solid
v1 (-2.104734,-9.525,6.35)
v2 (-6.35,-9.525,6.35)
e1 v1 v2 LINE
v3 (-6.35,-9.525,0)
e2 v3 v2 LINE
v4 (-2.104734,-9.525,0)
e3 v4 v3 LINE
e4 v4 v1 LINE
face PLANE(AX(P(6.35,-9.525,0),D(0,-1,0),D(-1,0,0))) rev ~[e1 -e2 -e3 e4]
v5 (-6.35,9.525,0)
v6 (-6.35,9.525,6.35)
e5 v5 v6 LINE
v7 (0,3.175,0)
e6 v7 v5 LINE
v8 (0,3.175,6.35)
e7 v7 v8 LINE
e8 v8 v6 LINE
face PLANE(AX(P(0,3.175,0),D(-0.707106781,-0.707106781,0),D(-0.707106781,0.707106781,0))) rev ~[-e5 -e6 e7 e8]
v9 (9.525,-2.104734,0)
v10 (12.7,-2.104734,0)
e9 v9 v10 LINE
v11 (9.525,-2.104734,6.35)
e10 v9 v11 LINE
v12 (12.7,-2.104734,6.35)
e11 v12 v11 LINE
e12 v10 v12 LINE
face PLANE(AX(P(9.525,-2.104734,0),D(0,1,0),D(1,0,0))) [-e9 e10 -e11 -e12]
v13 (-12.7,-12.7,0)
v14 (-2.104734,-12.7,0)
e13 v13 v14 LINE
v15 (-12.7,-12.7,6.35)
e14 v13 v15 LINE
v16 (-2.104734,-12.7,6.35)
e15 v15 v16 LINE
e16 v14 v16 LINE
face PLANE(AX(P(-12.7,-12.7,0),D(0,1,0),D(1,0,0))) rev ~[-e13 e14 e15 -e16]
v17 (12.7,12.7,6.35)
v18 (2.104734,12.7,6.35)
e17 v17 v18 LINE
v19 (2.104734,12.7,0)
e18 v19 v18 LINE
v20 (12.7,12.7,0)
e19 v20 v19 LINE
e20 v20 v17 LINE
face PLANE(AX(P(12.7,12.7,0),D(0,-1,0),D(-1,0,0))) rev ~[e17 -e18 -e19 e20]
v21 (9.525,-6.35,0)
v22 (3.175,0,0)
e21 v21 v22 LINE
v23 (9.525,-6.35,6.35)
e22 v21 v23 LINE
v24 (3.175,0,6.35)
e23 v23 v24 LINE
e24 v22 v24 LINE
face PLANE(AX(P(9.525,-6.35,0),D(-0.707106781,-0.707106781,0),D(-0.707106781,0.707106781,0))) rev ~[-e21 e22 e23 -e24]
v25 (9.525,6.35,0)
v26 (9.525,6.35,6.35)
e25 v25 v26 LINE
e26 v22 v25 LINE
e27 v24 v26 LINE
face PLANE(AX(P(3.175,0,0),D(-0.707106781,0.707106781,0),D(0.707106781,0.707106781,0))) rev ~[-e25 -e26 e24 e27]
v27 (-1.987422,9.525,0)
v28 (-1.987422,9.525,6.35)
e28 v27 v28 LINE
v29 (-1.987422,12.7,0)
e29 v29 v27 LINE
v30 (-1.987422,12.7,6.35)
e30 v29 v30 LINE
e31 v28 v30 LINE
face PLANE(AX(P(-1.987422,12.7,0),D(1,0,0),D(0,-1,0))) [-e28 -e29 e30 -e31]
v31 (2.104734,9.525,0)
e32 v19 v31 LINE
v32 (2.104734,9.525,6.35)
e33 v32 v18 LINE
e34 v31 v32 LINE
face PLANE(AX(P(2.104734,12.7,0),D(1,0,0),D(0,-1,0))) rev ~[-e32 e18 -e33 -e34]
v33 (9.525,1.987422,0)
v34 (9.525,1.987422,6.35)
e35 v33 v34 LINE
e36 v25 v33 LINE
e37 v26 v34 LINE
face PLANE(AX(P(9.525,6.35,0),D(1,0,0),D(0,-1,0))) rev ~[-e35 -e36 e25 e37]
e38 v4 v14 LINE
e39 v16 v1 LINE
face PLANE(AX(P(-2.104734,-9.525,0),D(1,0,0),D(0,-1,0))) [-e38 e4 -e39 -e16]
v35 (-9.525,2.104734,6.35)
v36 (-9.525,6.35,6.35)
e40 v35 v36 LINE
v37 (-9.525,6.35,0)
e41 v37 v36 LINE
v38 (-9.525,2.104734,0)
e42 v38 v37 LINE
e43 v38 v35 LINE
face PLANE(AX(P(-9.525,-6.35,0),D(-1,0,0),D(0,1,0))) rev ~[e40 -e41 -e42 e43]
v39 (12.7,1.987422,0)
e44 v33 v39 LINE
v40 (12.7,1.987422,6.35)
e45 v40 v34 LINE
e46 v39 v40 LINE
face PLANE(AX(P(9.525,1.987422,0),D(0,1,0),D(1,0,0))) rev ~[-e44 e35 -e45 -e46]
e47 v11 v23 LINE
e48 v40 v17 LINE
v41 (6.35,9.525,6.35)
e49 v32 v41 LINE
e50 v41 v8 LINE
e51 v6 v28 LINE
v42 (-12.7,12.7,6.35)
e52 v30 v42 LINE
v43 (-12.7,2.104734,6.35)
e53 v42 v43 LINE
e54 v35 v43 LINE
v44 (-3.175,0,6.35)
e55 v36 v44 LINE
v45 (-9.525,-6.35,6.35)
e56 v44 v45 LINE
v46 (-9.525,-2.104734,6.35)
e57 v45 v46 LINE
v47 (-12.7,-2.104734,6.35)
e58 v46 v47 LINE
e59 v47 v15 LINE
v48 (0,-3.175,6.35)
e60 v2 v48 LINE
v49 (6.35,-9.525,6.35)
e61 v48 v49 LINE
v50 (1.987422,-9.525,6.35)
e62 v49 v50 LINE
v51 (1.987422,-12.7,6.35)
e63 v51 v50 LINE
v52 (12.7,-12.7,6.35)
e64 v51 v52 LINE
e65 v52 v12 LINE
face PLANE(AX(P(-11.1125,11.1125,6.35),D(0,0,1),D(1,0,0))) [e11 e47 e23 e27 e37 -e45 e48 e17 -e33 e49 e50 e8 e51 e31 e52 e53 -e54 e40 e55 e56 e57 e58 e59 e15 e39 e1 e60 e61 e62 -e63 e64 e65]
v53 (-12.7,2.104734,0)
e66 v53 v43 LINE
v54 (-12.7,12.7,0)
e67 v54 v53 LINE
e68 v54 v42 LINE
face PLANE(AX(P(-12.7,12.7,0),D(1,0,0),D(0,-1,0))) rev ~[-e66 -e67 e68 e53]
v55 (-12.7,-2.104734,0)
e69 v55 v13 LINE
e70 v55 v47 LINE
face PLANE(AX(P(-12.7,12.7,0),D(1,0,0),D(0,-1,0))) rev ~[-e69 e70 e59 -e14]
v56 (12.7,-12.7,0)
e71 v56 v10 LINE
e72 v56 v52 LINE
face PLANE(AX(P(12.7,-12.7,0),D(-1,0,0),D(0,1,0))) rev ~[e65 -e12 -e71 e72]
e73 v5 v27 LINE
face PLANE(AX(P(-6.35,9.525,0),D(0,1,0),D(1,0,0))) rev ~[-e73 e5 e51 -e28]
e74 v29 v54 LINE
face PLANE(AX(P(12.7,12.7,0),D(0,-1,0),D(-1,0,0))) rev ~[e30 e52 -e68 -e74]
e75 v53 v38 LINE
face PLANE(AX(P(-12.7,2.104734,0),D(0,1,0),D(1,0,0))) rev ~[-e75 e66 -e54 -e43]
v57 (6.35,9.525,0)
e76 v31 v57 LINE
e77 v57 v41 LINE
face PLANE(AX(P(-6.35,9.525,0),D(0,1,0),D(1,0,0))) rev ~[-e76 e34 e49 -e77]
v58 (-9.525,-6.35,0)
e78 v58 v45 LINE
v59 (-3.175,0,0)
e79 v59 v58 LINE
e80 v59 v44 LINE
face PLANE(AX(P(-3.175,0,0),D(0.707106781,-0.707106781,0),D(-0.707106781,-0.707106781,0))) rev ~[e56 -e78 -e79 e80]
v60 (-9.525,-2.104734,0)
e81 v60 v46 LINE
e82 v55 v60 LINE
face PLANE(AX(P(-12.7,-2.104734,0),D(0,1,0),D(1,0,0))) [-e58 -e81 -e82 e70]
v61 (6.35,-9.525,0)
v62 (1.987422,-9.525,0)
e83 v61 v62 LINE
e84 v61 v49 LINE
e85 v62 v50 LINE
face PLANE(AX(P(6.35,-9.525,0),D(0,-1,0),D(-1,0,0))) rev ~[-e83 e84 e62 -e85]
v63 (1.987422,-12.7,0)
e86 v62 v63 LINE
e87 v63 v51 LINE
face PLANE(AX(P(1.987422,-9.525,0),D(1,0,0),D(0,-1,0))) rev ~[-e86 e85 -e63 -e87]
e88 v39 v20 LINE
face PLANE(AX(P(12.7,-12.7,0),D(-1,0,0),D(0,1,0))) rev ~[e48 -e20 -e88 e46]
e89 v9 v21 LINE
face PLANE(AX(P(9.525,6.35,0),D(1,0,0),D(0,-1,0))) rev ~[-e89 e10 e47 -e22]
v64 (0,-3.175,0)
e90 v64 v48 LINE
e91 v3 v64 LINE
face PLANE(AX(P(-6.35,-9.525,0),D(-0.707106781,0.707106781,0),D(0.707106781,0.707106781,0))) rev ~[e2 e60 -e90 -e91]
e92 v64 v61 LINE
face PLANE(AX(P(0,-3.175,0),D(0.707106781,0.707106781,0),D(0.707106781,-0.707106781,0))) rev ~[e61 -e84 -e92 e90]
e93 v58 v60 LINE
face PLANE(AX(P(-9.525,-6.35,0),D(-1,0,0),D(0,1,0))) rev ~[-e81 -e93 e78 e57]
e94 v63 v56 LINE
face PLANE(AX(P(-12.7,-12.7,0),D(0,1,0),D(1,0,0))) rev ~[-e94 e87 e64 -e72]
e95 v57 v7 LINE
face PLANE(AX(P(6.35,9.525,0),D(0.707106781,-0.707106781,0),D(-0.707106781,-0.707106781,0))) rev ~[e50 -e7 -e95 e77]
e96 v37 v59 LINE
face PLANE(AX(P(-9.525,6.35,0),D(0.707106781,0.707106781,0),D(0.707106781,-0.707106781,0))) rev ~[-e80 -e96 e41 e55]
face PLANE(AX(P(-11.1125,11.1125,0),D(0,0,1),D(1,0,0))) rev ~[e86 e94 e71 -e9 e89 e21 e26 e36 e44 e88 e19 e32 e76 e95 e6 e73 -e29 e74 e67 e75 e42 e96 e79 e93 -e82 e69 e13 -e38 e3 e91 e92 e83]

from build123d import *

# Parameters (mm, degrees)
F0_W     = 3.175
F0_H     = 3.175
F1_DEPTH = 6.35
F2_W     = 3.175
F2_H     = 4.0921564981
F2_H_2   = 0.1173117965
F2_H_3   = 3.9748447016
F2_W_2   = 4.0921564981
F2_H_4   = 3.175
F3_DEPTH = 25.4


with BuildPart() as f1:
    # F0 (on Top) → F1 (new body)
    with BuildSketch(Plane.XY):
        with Locations((-11.1125, 11.1125)):
            Rectangle(F0_W, F0_H)
        with Locations((11.1125, 11.1125)):
            Rectangle(F0_W, F0_H)
        with Locations((11.1125, -11.1125)):
            Rectangle(F0_W, F0_H)
        with Locations((-11.1125, -11.1125)):
            Rectangle(F0_W, F0_H)
        Polygon((6.35, 9.525), (9.525, 12.7), (-9.525, 12.7), (-6.35, 9.525), align=None)
        Polygon((-9.525, -12.7), (9.525, -12.7), (6.35, -9.525), (-6.35, -9.525), align=None)
        Polygon((12.7, -9.525), (12.7, 9.525), (9.525, 6.35), (9.525, -6.35), align=None)
        Polygon((-9.525, 6.35), (-12.7, 9.525), (-12.7, -9.525), (-9.525, -6.35), align=None)
        Polygon((9.525, 9.525), (9.525, 12.7), (6.35, 9.525), align=None)
        Polygon((-6.35, 9.525), (-9.525, 12.7), (-9.525, 9.525), align=None)
        Polygon((9.525, -12.7), (9.525, -9.525), (6.35, -9.525), align=None)
        Polygon((-9.525, -9.525), (-9.525, -12.7), (-6.35, -9.525), align=None)
        Polygon((9.525, 6.35), (12.7, 9.525), (9.525, 9.525), align=None)
        Polygon((9.525, -9.525), (12.7, -9.525), (9.525, -6.35), align=None)
        Polygon((-9.525, 6.35), (-9.525, 9.525), (-12.7, 9.525), align=None)
        Polygon((-9.525, -6.35), (-12.7, -9.525), (-9.525, -9.525), align=None)
        Polygon((9.525, 6.35), (9.525, 9.525), (6.35, 9.525), (0, 3.175), (3.175, 0), align=None)
        Polygon((-6.35, 9.525), (-9.525, 9.525), (-9.525, 6.35), (-3.175, 0), (0, 3.175), align=None)
        Polygon((6.35, -9.525), (9.525, -9.525), (9.525, -6.35), (3.175, 0), (0, -3.175), align=None)
        Polygon((3.175, 0), (0, 3.175), (-3.175, 0), (0, -3.175), align=None)
        Polygon((0, -3.175), (-3.175, 0), (-9.525, -6.35), (-9.525, -9.525), (-6.35, -9.525), align=None)
    extrude(amount=F1_DEPTH)

    # F2 (on face) → F3 (cut)
    with BuildSketch(Plane(origin=(0, 0, 0), x_dir=(1, 0, 0), z_dir=(0, 0, -1))):
        with Locations((11.1125, 0.0586558983)):
            Rectangle(F2_W, F2_H)
        with Locations((-11.1125, 2.0460782491)):
            Rectangle(F2_W, F2_H_2)
        with Locations((-11.1125, 0)):
            Rectangle(F2_W, F2_H_3)
        with Locations((-11.1125, -2.0460782491)):
            Rectangle(F2_W, F2_H_2)
        with Locations((-0.0586558983, 11.1125)):
            Rectangle(F2_W_2, F2_H_4)
        with Locations((0.0586558983, -11.1125)):
            Rectangle(F2_W_2, F2_H_4)
    extrude(amount=-F3_DEPTH, mode=Mode.SUBTRACT)


solid = f1.part
